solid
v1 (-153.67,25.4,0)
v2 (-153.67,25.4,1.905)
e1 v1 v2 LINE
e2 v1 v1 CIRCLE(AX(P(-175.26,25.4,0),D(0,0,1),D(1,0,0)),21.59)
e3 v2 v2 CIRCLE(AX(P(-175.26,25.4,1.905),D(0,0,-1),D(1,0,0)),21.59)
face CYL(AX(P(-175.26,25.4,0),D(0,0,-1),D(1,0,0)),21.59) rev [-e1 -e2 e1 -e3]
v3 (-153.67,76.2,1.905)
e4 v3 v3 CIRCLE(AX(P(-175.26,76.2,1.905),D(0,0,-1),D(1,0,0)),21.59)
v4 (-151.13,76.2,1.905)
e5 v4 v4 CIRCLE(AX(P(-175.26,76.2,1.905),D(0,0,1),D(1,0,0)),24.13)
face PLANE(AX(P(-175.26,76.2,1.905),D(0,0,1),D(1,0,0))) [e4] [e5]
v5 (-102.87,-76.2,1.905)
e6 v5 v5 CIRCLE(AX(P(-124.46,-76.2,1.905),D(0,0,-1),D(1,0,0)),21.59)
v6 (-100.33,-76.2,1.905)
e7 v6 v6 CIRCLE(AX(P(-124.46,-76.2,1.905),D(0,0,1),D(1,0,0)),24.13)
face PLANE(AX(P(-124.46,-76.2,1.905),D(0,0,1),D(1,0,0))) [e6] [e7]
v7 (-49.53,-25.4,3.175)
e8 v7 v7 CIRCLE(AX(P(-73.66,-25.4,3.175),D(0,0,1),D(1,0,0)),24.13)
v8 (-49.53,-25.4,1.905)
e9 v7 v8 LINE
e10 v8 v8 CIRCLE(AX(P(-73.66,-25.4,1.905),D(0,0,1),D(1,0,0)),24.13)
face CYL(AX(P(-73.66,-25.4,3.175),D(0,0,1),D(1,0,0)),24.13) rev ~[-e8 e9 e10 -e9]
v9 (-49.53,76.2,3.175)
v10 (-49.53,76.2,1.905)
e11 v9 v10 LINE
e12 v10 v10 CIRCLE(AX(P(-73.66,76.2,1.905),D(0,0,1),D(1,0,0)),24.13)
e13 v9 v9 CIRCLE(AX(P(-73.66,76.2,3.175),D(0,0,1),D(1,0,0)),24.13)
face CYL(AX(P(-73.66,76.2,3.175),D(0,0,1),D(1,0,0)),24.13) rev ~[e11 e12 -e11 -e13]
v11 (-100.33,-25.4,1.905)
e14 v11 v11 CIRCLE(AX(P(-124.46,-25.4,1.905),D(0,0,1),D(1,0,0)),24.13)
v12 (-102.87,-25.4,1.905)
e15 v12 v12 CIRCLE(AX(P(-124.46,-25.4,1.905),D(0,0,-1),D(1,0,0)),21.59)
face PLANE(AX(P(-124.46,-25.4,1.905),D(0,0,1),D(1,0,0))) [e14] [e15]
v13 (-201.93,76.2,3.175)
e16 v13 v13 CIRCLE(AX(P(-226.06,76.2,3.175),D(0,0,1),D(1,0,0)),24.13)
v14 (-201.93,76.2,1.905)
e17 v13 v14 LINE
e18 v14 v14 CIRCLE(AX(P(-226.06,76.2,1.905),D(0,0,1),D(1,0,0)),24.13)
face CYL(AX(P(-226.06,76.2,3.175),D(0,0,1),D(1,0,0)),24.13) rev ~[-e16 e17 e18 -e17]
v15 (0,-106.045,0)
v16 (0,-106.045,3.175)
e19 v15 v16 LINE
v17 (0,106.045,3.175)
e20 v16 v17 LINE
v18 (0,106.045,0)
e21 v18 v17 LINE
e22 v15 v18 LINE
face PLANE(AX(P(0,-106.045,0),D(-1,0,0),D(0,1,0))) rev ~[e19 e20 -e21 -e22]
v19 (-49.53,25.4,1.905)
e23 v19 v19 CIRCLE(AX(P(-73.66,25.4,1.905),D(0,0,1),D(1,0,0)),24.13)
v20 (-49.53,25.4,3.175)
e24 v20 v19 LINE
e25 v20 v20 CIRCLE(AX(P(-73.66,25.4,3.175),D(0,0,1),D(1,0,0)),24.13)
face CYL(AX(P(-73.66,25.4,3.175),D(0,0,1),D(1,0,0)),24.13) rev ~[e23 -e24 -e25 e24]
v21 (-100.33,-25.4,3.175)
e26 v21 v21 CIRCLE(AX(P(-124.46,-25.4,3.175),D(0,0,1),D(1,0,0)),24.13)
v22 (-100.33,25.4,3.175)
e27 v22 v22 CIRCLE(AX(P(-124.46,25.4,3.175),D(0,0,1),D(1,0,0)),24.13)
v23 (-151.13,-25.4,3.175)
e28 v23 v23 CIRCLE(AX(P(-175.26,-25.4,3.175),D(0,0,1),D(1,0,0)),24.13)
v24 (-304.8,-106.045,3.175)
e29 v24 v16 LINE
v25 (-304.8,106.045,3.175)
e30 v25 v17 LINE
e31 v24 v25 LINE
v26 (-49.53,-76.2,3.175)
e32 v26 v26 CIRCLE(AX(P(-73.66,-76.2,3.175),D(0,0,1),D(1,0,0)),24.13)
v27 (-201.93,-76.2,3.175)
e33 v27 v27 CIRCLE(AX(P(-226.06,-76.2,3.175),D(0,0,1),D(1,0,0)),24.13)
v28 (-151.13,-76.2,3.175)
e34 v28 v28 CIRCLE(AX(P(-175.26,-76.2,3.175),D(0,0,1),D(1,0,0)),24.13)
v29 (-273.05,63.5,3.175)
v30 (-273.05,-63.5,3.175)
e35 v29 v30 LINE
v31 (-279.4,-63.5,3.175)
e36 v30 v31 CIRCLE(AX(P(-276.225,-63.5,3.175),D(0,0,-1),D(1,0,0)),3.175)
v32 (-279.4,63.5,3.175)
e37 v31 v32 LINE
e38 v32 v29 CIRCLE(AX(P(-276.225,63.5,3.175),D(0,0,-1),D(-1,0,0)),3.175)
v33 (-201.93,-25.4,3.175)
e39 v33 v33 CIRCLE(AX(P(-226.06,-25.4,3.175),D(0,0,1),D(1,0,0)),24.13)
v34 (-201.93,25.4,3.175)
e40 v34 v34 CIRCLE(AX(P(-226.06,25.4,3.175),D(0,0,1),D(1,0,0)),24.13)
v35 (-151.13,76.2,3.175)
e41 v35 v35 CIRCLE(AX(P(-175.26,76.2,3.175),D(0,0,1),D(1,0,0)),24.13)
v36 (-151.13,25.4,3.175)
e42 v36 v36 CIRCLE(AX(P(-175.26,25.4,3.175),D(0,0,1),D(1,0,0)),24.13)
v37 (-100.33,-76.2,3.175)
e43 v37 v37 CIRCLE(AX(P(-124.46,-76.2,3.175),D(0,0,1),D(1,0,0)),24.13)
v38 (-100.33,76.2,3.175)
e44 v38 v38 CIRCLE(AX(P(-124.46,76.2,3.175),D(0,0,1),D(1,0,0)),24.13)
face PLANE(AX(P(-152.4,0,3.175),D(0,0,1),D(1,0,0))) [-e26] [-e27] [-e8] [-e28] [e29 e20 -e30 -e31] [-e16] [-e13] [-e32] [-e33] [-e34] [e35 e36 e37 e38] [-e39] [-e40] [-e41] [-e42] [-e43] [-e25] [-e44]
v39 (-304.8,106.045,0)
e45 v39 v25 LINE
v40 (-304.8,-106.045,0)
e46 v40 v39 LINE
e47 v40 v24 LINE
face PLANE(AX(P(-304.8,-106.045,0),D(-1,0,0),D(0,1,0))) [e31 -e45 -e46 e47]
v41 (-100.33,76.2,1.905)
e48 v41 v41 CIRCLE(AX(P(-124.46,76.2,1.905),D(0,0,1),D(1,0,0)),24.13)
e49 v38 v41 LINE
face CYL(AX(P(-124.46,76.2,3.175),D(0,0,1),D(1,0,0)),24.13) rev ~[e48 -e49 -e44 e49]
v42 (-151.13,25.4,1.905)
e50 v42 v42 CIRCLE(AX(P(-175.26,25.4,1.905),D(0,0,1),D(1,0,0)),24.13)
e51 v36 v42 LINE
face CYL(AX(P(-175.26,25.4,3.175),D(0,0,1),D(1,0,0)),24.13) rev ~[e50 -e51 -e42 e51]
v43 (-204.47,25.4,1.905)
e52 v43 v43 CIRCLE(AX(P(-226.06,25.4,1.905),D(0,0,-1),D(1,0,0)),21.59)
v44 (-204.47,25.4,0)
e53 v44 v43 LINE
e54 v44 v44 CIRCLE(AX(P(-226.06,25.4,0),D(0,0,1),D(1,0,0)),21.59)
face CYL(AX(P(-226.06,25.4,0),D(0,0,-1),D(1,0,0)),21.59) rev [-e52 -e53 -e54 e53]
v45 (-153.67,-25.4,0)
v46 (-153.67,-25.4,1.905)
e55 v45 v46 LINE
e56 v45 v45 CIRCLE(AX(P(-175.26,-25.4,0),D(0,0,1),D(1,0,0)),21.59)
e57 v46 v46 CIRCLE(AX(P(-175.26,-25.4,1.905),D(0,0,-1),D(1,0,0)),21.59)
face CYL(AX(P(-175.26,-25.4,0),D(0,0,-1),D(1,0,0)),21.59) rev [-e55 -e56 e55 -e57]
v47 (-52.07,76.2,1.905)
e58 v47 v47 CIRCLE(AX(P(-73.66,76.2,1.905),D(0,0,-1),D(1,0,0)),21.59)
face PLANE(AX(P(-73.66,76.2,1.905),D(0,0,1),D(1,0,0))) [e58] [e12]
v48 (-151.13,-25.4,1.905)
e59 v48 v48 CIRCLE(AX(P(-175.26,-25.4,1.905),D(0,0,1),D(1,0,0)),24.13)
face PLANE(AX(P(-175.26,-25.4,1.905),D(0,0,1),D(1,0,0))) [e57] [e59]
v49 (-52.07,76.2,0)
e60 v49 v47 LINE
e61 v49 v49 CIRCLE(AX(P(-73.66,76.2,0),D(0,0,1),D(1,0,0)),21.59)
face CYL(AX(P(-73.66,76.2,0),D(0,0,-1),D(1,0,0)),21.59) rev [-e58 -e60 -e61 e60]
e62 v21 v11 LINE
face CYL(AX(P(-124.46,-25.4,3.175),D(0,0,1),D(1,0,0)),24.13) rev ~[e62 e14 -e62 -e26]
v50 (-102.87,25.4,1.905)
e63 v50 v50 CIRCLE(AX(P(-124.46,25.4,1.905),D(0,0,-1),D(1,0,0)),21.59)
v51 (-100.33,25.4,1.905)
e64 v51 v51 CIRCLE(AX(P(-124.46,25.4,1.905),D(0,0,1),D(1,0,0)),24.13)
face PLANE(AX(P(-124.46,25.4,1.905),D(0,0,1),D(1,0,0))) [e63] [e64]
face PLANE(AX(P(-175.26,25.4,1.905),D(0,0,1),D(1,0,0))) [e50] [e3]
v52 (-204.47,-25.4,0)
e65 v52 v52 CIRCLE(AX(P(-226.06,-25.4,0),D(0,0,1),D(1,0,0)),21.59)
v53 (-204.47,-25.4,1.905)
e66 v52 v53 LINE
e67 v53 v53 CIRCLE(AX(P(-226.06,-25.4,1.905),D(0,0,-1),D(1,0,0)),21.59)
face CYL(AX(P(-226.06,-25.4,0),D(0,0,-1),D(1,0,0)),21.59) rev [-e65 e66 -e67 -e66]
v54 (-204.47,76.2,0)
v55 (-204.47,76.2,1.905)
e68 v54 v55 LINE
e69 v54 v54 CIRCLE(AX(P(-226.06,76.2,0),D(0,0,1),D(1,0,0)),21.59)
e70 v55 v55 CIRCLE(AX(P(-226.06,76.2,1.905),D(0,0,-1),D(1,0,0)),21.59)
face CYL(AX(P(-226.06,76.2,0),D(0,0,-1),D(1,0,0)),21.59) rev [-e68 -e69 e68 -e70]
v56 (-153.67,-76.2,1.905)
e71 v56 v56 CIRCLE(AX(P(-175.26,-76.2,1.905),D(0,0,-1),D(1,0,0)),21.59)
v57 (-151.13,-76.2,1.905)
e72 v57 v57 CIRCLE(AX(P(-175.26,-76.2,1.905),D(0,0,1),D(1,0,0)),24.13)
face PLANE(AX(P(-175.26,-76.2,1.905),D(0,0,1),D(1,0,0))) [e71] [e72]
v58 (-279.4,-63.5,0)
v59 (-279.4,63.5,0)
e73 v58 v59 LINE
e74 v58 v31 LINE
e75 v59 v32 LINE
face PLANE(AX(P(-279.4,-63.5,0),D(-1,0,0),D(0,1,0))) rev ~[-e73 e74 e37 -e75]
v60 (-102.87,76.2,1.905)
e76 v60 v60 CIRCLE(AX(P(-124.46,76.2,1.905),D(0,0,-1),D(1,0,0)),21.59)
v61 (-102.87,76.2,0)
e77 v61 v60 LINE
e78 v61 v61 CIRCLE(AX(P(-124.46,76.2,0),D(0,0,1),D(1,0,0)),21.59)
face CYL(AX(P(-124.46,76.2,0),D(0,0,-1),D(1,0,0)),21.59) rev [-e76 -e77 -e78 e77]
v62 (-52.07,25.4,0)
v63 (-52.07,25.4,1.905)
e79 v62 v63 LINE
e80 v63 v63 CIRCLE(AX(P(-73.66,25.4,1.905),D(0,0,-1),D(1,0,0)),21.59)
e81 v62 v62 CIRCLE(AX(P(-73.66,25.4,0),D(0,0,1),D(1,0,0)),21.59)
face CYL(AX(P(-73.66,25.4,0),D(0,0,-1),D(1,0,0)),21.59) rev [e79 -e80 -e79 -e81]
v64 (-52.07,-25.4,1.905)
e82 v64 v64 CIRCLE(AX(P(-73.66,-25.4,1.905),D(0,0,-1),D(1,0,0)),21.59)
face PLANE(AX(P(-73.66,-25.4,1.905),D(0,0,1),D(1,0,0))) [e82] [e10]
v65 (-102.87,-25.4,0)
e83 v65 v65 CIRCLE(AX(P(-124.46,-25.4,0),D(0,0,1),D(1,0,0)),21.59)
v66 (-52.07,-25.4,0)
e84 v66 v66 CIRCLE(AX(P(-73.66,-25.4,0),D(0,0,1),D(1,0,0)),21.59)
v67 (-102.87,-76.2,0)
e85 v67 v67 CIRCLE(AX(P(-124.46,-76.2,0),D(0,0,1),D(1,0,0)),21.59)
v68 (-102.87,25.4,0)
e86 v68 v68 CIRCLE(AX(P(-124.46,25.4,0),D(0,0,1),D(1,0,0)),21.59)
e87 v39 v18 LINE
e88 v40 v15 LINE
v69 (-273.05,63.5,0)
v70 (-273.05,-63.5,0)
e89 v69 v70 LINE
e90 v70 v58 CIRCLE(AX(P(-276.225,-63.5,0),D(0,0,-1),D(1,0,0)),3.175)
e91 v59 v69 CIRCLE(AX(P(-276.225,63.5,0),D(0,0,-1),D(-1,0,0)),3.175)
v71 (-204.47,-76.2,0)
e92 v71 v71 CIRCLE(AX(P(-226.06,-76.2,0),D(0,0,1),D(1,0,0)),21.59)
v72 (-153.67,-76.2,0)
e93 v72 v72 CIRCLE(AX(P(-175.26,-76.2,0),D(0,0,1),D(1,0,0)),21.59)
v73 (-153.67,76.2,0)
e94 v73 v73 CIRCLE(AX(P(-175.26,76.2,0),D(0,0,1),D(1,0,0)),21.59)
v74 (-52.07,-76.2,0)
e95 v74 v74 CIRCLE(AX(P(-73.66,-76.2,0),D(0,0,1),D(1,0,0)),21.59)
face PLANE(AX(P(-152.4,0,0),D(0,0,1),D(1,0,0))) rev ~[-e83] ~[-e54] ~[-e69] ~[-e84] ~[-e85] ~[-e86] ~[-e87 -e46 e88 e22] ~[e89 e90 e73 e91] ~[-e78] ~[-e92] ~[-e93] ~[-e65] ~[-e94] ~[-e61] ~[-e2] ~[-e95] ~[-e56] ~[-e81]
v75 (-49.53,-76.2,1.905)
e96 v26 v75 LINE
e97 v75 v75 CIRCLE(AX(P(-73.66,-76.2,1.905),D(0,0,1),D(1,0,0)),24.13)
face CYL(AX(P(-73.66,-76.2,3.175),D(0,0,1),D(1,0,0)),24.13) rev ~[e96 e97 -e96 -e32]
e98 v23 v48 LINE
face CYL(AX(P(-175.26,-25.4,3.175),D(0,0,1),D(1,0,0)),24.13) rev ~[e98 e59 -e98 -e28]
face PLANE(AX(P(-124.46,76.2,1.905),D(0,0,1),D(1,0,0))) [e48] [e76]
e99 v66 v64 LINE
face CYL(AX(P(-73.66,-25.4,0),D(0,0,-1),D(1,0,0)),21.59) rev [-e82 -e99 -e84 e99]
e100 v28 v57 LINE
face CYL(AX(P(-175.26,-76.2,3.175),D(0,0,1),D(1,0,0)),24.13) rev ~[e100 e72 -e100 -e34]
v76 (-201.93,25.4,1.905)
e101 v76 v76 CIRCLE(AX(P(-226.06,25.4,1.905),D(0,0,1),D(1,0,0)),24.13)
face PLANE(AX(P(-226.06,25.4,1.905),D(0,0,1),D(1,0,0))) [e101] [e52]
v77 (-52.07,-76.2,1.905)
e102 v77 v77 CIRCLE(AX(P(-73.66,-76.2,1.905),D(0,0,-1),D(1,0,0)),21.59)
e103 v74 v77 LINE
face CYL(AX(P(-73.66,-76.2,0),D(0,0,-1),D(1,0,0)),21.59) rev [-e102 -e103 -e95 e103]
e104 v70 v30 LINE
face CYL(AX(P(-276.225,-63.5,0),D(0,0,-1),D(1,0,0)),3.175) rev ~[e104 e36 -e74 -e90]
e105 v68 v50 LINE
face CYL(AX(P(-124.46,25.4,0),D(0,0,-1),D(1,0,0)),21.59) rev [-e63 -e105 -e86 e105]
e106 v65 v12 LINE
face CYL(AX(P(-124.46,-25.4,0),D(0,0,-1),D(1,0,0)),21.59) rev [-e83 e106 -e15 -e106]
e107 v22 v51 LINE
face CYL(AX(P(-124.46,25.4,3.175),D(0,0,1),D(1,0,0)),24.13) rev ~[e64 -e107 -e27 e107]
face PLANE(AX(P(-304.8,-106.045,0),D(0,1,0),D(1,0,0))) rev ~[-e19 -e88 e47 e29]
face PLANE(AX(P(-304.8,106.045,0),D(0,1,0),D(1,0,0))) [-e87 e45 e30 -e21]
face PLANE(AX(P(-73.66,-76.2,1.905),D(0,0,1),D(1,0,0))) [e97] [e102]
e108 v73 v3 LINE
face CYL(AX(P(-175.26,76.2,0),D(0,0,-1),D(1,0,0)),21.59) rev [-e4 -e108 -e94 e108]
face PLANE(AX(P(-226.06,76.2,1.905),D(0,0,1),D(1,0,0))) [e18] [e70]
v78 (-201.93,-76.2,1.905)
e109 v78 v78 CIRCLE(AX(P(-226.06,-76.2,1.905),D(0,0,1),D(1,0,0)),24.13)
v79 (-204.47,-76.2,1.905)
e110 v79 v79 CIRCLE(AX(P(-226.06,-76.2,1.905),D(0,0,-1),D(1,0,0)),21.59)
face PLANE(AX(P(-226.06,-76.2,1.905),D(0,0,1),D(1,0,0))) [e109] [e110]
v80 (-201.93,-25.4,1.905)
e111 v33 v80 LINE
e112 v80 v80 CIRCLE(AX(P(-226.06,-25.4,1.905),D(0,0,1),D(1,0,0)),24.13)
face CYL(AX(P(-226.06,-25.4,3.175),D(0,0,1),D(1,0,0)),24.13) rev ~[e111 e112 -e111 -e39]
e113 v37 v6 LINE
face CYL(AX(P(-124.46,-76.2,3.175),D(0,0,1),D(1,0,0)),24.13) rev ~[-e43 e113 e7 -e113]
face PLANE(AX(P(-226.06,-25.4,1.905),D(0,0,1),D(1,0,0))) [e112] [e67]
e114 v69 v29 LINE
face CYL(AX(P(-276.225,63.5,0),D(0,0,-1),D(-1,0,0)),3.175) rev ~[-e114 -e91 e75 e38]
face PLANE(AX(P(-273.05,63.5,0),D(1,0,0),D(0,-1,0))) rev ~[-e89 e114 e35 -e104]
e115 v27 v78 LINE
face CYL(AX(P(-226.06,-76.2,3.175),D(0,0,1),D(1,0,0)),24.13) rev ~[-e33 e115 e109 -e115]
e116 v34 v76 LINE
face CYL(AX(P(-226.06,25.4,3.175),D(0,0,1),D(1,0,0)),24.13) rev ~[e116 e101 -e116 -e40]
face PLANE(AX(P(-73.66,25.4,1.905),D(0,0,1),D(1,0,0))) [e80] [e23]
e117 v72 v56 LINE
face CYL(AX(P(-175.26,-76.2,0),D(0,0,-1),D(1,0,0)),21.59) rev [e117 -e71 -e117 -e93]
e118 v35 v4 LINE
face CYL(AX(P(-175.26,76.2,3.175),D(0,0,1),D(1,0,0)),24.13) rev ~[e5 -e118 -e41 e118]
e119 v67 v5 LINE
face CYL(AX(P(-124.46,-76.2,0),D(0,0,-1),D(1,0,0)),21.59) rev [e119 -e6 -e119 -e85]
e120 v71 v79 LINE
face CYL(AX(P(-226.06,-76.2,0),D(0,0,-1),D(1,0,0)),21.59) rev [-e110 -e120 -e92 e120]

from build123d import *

# Parameters (mm, degrees)
F0_W     = 304.8
F0_H     = 212.09
F0_R     = 21.59
F1_DEPTH = 3.175
F2_R     = 24.13
F3_DEPTH = 1.27


with BuildPart() as f1:
    # F0 (on Top) → F1 (new body)
    with BuildSketch(Plane.XY):
        with Locations((-152.4, 0)):
            Rectangle(F0_W, F0_H)
        with Locations((-226.06, -76.2)):
            Circle(F0_R, mode=Mode.SUBTRACT)
        with Locations((-175.26, -76.2)):
            Circle(F0_R, mode=Mode.SUBTRACT)
        with Locations((-226.06, -25.4)):
            Circle(F0_R, mode=Mode.SUBTRACT)
        with Locations((-175.26, -25.4)):
            Circle(F0_R, mode=Mode.SUBTRACT)
        with Locations((-124.46, -76.2)):
            Circle(F0_R, mode=Mode.SUBTRACT)
        with Locations((-73.66, -76.2)):
            Circle(F0_R, mode=Mode.SUBTRACT)
        with Locations((-124.46, -25.4)):
            Circle(F0_R, mode=Mode.SUBTRACT)
        with Locations((-73.66, -25.4)):
            Circle(F0_R, mode=Mode.SUBTRACT)
        with BuildLine():
            ThreePointArc((-279.4, 63.5), (-276.225, 66.675), (-273.05, 63.5))
            Line((-273.05, 63.5), (-273.05, -63.5))
            ThreePointArc((-273.05, -63.5), (-276.225, -66.675), (-279.4, -63.5))
            Line((-279.4, -63.5), (-279.4, 63.5))
        make_face(mode=Mode.SUBTRACT)
        with Locations((-226.06, 25.4)):
            Circle(F0_R, mode=Mode.SUBTRACT)
        with Locations((-175.26, 25.4)):
            Circle(F0_R, mode=Mode.SUBTRACT)
        with Locations((-226.06, 76.2)):
            Circle(F0_R, mode=Mode.SUBTRACT)
        with Locations((-175.26, 76.2)):
            Circle(F0_R, mode=Mode.SUBTRACT)
        with Locations((-124.46, 25.4)):
            Circle(F0_R, mode=Mode.SUBTRACT)
        with Locations((-73.66, 25.4)):
            Circle(F0_R, mode=Mode.SUBTRACT)
        with Locations((-124.46, 76.2)):
            Circle(F0_R, mode=Mode.SUBTRACT)
        with Locations((-73.66, 76.2)):
            Circle(F0_R, mode=Mode.SUBTRACT)
    extrude(amount=F1_DEPTH)

    # F2 (on face) → F3 (cut)
    with BuildSketch(Plane.XY.offset(3.175)):
        with Locations((-226.06, 76.2)):
            Circle(F2_R)
        with Locations((-226.06, 25.4)):
            Circle(F2_R)
        with Locations((-226.06, -25.4)):
            Circle(F2_R)
        with Locations((-226.06, -76.2)):
            Circle(F2_R)
        with Locations((-175.26, 76.2)):
            Circle(F2_R)
        with Locations((-175.26, 25.4)):
            Circle(F2_R)
        with Locations((-175.26, -25.4)):
            Circle(F2_R)
        with Locations((-175.26, -76.2)):
            Circle(F2_R)
        with Locations((-124.46, 76.2)):
            Circle(F2_R)
        with Locations((-124.46, 25.4)):
            Circle(F2_R)
        with Locations((-124.46, -25.4)):
            Circle(F2_R)
        with Locations((-124.46, -76.2)):
            Circle(F2_R)
        with Locations((-73.66, 76.2)):
            Circle(F2_R)
        with Locations((-73.66, 25.4)):
            Circle(F2_R)
        with Locations((-73.66, -25.4)):
            Circle(F2_R)
        with Locations((-73.66, -76.2)):
            Circle(F2_R)
    extrude(amount=-F3_DEPTH, mode=Mode.SUBTRACT)


solid = f1.part
